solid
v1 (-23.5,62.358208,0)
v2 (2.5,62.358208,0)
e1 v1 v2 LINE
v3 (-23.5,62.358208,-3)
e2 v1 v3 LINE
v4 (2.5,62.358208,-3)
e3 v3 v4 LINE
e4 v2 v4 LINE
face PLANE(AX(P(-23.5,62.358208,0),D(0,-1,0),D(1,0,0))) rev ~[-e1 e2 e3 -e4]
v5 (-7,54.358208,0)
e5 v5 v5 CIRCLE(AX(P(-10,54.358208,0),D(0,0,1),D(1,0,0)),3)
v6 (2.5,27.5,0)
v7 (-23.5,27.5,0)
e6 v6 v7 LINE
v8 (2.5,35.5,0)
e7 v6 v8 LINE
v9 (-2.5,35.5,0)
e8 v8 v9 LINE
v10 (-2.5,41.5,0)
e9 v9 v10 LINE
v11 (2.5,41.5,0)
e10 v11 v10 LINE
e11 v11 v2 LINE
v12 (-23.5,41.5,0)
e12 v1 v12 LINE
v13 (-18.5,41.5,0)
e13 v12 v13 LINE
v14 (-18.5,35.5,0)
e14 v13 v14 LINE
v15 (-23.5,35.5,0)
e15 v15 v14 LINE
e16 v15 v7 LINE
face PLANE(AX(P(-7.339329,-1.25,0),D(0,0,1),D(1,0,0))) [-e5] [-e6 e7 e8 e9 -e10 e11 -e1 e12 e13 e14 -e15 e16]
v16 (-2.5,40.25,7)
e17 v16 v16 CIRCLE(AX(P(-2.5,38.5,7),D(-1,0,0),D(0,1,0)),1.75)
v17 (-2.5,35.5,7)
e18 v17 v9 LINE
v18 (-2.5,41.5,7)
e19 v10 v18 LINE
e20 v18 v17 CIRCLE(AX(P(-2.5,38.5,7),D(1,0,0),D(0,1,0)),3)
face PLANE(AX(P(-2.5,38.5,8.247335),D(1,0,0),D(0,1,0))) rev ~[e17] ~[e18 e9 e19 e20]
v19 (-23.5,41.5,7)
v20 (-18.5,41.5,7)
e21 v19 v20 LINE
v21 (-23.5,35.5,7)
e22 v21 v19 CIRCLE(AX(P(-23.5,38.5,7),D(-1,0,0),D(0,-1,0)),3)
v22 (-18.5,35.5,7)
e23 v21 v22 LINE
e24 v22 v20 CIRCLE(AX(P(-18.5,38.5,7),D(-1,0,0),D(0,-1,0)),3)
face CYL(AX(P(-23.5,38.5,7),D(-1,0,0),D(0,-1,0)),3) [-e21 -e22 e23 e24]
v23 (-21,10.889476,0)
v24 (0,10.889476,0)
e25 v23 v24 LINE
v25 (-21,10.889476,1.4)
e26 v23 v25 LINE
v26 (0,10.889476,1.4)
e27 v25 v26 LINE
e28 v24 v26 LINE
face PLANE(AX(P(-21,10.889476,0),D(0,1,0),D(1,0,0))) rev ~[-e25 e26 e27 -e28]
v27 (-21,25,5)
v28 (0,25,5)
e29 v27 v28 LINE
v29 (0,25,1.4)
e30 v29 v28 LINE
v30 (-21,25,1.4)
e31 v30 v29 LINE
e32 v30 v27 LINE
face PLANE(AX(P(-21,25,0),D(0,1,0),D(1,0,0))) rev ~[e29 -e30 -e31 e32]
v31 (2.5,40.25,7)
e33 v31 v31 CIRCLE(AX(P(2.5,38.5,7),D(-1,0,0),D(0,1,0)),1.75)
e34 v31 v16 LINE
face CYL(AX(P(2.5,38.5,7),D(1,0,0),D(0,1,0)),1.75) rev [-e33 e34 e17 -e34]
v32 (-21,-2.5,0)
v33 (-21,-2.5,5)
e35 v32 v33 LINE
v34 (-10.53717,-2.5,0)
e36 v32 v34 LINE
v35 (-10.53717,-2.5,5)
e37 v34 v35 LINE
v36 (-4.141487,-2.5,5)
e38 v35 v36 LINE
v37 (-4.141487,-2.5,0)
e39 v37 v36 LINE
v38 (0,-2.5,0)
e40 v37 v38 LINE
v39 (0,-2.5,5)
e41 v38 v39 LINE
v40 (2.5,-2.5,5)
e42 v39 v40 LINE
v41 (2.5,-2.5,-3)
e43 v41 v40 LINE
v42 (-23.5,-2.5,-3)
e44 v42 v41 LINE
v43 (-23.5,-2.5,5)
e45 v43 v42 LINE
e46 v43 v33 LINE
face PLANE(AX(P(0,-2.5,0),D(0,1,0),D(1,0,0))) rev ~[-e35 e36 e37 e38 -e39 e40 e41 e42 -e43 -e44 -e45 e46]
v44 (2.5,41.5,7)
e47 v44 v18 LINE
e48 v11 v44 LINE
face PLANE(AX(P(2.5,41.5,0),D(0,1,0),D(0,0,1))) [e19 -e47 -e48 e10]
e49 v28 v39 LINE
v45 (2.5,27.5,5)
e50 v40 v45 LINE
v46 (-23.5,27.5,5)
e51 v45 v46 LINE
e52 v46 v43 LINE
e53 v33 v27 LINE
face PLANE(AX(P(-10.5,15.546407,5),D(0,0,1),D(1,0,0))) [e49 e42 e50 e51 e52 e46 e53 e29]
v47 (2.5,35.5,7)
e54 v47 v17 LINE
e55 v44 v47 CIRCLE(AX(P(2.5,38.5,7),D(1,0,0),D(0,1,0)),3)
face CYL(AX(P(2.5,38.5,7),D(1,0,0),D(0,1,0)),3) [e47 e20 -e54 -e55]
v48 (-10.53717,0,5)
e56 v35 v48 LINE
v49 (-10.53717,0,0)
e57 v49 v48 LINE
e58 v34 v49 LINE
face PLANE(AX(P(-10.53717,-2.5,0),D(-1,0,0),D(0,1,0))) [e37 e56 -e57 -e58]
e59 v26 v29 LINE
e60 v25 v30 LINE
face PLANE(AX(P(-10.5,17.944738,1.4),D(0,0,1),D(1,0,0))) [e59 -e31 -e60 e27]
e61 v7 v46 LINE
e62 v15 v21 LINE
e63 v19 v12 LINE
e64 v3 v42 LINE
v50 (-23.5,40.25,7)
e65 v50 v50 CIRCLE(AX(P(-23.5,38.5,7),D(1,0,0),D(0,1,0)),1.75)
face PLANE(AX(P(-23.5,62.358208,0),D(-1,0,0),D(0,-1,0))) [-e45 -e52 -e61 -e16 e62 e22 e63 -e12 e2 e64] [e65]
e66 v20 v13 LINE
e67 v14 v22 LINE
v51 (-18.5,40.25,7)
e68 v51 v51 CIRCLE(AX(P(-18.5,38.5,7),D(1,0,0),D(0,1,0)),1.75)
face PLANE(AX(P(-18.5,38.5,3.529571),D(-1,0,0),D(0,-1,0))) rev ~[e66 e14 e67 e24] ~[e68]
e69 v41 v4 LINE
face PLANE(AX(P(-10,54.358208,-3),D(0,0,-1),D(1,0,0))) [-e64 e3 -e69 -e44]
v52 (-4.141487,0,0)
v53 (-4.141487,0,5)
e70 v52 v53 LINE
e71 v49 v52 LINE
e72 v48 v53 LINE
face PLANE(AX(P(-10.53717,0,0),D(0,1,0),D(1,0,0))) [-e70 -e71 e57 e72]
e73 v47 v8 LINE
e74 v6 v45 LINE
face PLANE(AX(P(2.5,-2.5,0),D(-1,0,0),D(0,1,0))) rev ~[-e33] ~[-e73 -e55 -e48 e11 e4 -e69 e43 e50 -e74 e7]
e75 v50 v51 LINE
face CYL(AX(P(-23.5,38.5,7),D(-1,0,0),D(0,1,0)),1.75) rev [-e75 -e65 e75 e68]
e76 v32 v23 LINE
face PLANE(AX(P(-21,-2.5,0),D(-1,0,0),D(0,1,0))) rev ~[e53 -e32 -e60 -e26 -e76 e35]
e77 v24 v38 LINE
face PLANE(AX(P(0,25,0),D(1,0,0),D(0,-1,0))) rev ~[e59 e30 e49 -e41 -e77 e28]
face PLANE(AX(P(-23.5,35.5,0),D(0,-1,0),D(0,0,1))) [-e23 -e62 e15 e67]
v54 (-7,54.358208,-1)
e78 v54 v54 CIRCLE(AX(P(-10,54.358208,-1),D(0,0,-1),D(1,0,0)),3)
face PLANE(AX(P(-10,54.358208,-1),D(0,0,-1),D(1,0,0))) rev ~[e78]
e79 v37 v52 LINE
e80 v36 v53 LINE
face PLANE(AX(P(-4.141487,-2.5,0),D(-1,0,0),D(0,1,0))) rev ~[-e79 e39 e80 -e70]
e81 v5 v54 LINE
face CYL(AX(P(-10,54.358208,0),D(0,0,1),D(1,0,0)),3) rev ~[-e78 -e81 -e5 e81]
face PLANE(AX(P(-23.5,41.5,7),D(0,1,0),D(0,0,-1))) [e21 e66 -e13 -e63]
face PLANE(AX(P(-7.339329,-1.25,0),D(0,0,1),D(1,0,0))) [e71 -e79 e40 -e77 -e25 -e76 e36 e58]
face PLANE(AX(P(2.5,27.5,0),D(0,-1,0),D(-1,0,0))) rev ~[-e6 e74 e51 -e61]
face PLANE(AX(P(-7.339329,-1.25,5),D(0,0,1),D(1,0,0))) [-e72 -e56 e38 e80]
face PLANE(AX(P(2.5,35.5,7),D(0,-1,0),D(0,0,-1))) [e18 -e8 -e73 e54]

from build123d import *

# Parameters (mm, degrees)
F0_W     = 6.3956826925
F0_H     = 2.5
F0_W_2   = 4.1414871812
F0_W_3   = 5.4119601846
F0_W_4   = 5.0508699417
F0_W_5   = 26
F0_H_2   = 34.8582080007
F0_R     = 3
F0_W_6   = 21
F0_H_3   = 14.1105238348
F1_DEPTH = 3
F2_DEPTH = 5
F3_DEPTH = 1.4
F5_DEPTH = 5
F7_DEPTH = 5
F8_R     = 3
F9_DEPTH = 2


with BuildPart() as f1:
    # F0 (on Top) → F1 (new body)
    with BuildSketch(Plane.XY):
        with Locations((-7.3393285275, -1.25)):
            Rectangle(F0_W, F0_H)
        with Locations((-2.0707435906, -1.25)):
            Rectangle(F0_W_2, F0_H)
        with Locations((-13.243149966, -1.25)):
            Rectangle(F0_W_3, F0_H)
        Polygon((0, 10.8894761652), (0, 0), (0, -2.5), (2.5, -2.5), (2.5, 27.5), (-23.5, 27.5), (-23.5, -2.5), (-21, -2.5), (-21, 0), (-21, 10.8894761652), (-21, 25), (0, 25), align=None)
        with Locations((-18.4745650291, -1.25)):
            Rectangle(F0_W_4, F0_H)
        with Locations((-10.5, 44.9291040003)):
            Rectangle(F0_W_5, F0_H_2)
        with Locations((-10, 54.3582080007)):
            Circle(F0_R, mode=Mode.SUBTRACT)
        with Locations((-10.5, 17.9447380826)):
            Rectangle(F0_W_6, F0_H_3)
        Polygon((-4.1414871812, 0), (0, 0), (0, 10.8894761652), (-21, 10.8894761652), (-21, 0), (-15.9491300583, 0), (-10.5371698737, 0), align=None)
    extrude(amount=-F1_DEPTH)

    # F0 (on Top) → F2 (join)
    with BuildSketch(Plane.XY):
        Polygon((0, 10.8894761652), (0, 0), (0, -2.5), (2.5, -2.5), (2.5, 27.5), (-23.5, 27.5), (-23.5, -2.5), (-21, -2.5), (-21, 0), (-21, 10.8894761652), (-21, 25), (0, 25), align=None)
        with Locations((-7.3393285275, -1.25)):
            Rectangle(F0_W, F0_H)
    extrude(amount=F2_DEPTH)

    # F0 (on Top) → F3 (join)
    with BuildSketch(Plane.XY):
        with Locations((-10.5, 17.9447380826)):
            Rectangle(F0_W_6, F0_H_3)
    extrude(amount=F3_DEPTH)

    # F4 (on face) → F5 (join)
    with BuildSketch(Plane.YZ.offset(2.5)):
        with BuildLine():
            ThreePointArc((41.5, 7), (38.5, 10), (35.5, 7))
            Line((35.5, 7), (36.75, 7))
            ThreePointArc((36.75, 7), (38.5, 8.75), (40.25, 7))
            Line((40.25, 7), (41.5, 7))
        make_face()
        with BuildLine():
            Line((35.5, 7), (35.5, 0))
            Line((35.5, 0), (41.5, 0))
            Line((41.5, 0), (41.5, 7))
            Line((41.5, 7), (40.25, 7))
            ThreePointArc((40.25, 7), (38.5, 5.25), (36.75, 7))
            Line((36.75, 7), (35.5, 7))
        make_face()
    extrude(amount=-F5_DEPTH)

    # F6 (on face) → F7 (join)
    with BuildSketch(Plane(origin=(-23.5, 0, 0), x_dir=(0, -1, 0), z_dir=(-1, 0, 0))):
        with BuildLine():
            Line((-41.5, 7), (-41.5, 0))
            Line((-41.5, 0), (-35.5, 0))
            Line((-35.5, 0), (-35.5, 7))
            Line((-35.5, 7), (-36.75, 7))
            ThreePointArc((-36.75, 7), (-38.5, 5.25), (-40.25, 7))
            Line((-40.25, 7), (-41.5, 7))
        make_face()
        with BuildLine():
            ThreePointArc((-35.5, 7), (-38.5, 10), (-41.5, 7))
            Line((-41.5, 7), (-40.25, 7))
            ThreePointArc((-40.25, 7), (-38.5, 8.75), (-36.75, 7))
            Line((-36.75, 7), (-35.5, 7))
        make_face()
    extrude(amount=-F7_DEPTH)

    # F8 (on face) → F9 (join)
    with BuildSketch(Plane(origin=(0, 0, -3), x_dir=(1, 0, 0), z_dir=(0, 0, -1))):
        with Locations((-10, -54.3582080007)):
            Circle(F8_R)
    extrude(amount=-F9_DEPTH)


solid = f1.part
